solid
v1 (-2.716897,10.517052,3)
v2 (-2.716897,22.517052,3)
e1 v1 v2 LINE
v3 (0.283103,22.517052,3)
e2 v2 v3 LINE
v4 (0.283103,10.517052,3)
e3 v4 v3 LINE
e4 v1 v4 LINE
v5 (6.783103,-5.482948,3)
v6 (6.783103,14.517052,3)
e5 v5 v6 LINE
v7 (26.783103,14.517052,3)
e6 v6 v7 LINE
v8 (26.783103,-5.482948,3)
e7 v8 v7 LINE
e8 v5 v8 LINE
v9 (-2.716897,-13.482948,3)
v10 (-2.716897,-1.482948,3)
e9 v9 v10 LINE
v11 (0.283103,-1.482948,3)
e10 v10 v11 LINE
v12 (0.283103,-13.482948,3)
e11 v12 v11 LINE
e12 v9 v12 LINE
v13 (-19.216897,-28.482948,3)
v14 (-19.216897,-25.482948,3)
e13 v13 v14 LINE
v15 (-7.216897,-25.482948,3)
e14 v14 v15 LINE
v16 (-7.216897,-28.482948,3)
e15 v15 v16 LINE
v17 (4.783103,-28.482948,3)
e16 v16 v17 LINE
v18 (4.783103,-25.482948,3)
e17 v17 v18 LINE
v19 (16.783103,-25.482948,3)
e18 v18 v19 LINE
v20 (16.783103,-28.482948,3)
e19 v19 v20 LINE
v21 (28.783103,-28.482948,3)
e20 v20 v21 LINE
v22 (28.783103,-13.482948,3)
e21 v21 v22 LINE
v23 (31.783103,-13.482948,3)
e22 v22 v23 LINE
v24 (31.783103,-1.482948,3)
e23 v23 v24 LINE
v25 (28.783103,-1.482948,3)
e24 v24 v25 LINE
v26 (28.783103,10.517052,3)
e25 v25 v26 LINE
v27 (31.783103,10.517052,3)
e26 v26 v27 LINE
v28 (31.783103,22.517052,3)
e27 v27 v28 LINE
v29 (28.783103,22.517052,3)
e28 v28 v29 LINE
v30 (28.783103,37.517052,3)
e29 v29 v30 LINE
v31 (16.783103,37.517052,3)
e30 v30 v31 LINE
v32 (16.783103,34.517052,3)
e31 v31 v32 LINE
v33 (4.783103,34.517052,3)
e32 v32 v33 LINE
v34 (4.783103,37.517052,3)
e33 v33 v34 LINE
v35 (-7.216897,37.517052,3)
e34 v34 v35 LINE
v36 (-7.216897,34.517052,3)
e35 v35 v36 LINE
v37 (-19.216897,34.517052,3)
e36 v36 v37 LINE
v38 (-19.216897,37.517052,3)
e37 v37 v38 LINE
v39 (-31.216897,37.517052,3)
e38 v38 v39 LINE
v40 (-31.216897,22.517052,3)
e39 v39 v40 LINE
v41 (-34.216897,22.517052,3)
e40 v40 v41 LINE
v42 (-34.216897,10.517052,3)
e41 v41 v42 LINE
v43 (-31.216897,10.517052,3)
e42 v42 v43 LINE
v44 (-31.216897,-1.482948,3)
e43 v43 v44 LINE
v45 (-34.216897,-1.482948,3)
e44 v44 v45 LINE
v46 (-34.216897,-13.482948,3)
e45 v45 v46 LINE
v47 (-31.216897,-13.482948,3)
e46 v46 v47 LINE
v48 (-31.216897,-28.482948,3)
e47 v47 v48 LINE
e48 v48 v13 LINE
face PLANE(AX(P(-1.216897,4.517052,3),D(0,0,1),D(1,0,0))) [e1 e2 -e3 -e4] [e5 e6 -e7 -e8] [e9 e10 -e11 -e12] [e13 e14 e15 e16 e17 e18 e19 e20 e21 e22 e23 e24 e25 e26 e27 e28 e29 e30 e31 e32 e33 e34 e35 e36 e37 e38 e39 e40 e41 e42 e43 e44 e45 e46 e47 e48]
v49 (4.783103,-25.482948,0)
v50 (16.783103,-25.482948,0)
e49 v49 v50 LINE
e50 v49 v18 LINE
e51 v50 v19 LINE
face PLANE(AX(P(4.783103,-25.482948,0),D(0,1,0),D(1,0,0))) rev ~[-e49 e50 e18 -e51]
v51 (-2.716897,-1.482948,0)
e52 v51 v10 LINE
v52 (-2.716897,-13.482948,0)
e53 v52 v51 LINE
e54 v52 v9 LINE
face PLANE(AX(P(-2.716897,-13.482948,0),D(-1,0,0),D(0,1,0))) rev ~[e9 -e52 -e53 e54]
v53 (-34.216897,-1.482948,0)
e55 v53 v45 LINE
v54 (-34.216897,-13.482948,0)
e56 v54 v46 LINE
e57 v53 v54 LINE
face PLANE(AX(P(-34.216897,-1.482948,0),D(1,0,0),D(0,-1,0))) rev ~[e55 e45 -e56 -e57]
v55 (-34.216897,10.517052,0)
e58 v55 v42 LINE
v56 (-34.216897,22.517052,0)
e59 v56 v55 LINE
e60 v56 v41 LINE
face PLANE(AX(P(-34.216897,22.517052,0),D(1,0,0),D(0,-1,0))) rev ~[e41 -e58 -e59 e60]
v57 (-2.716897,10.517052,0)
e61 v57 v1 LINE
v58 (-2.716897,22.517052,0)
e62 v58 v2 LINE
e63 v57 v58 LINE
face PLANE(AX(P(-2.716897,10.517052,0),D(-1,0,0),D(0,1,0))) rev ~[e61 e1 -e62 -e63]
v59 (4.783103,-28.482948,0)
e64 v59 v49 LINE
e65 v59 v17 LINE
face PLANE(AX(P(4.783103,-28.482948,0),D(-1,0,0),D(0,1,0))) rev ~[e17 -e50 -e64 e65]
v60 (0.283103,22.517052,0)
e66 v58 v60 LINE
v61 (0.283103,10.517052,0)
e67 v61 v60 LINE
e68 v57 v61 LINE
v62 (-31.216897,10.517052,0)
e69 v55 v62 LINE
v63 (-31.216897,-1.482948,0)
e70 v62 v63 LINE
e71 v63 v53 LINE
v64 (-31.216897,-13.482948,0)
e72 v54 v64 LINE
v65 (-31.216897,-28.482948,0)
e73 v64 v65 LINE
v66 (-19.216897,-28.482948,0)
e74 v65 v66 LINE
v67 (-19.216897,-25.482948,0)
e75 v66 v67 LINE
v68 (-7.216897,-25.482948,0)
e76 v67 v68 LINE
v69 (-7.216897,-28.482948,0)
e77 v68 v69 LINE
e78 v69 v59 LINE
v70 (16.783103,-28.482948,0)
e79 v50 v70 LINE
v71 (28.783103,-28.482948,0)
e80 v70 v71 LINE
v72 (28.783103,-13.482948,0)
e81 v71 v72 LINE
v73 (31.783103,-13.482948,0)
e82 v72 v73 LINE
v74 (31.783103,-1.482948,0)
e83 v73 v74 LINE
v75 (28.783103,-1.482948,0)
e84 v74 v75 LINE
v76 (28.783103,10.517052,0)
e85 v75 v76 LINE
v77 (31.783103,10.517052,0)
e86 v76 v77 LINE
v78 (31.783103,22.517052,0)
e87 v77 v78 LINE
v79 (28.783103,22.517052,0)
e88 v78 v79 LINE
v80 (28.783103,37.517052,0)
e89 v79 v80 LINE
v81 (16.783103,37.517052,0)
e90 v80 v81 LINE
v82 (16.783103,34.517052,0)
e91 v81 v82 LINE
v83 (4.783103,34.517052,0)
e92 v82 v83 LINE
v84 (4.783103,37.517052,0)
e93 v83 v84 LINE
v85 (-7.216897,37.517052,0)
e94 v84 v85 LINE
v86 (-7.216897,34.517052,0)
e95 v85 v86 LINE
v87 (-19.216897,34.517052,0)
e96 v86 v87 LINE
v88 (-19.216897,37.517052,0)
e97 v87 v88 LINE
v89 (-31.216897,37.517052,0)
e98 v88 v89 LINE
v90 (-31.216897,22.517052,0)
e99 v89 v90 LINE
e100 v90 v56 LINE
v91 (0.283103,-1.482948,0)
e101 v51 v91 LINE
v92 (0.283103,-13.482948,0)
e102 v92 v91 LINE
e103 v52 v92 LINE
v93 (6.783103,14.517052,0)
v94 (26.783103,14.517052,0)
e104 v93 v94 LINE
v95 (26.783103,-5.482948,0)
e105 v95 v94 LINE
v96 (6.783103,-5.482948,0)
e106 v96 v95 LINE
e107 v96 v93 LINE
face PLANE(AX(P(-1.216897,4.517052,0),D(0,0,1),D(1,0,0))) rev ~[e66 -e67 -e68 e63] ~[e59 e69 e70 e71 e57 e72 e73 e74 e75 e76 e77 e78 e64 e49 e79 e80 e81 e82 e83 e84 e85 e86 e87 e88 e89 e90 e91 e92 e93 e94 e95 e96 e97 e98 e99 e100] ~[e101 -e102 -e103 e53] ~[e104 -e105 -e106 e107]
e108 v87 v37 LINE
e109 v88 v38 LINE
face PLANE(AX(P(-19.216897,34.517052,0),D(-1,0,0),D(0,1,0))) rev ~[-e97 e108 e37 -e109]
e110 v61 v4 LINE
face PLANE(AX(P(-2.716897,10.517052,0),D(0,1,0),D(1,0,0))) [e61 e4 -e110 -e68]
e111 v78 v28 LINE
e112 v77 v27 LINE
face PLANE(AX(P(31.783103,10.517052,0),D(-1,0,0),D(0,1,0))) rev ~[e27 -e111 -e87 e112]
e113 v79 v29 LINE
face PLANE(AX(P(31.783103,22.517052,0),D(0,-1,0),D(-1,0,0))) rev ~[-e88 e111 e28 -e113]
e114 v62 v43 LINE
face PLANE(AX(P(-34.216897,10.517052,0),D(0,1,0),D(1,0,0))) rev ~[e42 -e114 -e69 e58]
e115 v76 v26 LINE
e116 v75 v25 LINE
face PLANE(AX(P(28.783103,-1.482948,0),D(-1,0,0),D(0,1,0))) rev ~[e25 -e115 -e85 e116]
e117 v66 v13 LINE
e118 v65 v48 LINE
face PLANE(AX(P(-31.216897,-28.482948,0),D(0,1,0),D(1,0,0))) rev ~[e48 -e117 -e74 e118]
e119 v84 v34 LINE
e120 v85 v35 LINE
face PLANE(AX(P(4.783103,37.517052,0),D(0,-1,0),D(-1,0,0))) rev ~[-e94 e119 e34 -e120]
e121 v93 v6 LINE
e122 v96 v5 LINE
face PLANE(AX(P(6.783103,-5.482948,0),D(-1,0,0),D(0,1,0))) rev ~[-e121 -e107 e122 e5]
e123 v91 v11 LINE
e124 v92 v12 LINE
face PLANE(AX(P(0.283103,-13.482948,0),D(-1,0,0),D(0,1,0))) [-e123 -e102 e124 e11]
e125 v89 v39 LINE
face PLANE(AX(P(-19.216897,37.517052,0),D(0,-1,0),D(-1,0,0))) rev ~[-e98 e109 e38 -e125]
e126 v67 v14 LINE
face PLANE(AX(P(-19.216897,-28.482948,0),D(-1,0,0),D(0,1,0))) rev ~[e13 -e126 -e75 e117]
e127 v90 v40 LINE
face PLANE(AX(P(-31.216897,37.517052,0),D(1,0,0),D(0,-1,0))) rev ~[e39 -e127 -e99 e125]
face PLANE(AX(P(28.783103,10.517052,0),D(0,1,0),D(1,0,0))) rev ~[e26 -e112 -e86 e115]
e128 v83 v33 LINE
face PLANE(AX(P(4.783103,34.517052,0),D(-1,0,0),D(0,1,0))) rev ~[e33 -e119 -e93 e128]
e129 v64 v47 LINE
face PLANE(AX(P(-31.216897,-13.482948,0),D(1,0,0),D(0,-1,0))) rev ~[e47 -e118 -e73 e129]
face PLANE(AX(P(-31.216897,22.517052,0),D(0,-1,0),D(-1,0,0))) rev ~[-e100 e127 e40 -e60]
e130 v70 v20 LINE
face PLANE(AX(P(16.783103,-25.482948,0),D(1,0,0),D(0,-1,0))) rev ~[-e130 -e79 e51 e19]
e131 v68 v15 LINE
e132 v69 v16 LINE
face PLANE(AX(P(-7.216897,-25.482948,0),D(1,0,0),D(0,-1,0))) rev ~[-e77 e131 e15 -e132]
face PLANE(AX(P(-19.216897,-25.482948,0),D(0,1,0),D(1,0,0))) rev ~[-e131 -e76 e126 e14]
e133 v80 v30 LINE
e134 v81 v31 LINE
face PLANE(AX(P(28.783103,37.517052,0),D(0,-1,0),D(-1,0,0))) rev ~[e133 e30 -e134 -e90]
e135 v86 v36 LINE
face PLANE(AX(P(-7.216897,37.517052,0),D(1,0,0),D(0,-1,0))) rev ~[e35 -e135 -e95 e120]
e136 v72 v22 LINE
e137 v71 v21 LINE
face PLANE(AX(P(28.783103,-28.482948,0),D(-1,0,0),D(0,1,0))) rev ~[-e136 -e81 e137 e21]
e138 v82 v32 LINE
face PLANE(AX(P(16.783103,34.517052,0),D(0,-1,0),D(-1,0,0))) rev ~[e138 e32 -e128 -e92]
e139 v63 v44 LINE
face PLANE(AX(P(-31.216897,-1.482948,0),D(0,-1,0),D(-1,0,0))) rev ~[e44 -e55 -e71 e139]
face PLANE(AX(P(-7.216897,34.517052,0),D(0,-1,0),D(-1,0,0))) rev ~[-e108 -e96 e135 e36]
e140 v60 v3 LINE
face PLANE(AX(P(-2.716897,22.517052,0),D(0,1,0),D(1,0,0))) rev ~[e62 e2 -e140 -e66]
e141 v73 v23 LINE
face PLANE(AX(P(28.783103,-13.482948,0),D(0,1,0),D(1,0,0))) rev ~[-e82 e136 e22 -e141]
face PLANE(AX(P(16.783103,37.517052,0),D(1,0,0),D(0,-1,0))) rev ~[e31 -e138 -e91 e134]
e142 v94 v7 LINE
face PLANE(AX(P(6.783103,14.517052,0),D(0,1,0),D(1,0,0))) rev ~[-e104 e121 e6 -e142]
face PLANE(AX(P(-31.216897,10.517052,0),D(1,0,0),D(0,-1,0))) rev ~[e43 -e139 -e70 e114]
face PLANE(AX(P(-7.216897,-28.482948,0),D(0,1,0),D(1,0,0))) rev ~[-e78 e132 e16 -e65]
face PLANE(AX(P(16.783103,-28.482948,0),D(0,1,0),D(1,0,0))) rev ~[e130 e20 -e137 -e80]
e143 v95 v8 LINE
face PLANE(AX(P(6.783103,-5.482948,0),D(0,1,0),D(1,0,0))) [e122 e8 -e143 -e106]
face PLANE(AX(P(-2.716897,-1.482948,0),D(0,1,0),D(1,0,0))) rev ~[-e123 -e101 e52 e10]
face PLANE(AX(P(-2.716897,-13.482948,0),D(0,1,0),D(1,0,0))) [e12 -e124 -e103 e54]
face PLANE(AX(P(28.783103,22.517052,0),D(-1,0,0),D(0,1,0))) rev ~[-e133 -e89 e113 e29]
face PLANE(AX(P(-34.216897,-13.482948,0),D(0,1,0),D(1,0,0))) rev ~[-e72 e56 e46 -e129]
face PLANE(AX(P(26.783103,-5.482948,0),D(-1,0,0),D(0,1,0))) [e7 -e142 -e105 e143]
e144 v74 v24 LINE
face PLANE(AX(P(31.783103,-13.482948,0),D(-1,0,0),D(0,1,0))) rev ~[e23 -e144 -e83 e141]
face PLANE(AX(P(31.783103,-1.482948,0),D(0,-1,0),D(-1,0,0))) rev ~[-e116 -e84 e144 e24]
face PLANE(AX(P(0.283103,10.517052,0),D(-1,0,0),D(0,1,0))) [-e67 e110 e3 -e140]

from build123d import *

# Parameters (mm, degrees)
ESBO_O1_W                = 3
ESBO_O1_H                = 12
ESBO_O1_W_2              = 20
ESBO_O1_H_2              = 20
RESSALTO_EXTRUS_O1_DEPTH = 3


with BuildPart() as part:
    # Esboço1 → Ressalto-extrusão1 (new body)
    with BuildSketch(Plane.XY):
        Polygon((-31.216896784, 10.517052385), (-31.216896784, -1.482947615), (-34.216896784, -1.482947615), (-34.216896784, -13.482947615), (-31.216896784, -13.482947615), (-31.216896784, -25.482947615), (-31.216896784, -28.482947615), (-19.216896784, -28.482947615), (-19.216896784, -25.482947615), (-7.216896784, -25.482947615), (-7.216896784, -28.482947615), (4.783103216, -28.482947615), (4.783103216, -25.482947615), (16.783103216, -25.482947615), (16.783103216, -28.482947615), (28.783103216, -28.482947615), (28.783103216, -25.482947615), (28.783103216, -13.482947615), (31.783103216, -13.482947615), (31.783103216, -1.482947615), (28.783103216, -1.482947615), (28.783103216, 10.517052385), (31.783103216, 10.517052385), (31.783103216, 22.517052385), (28.783103216, 22.517052385), (28.783103216, 34.517052385), (28.783103216, 37.517052385), (16.783103216, 37.517052385), (16.783103216, 34.517052385), (4.783103216, 34.517052385), (4.783103216, 37.517052385), (-7.216896784, 37.517052385), (-7.216896784, 34.517052385), (-19.216896784, 34.517052385), (-19.216896784, 37.517052385), (-31.216896784, 37.517052385), (-31.216896784, 34.517052385), (-31.216896784, 22.517052385), (-34.216896784, 22.517052385), (-34.216896784, 10.517052385), align=None)
        with Locations((-1.216896784, 16.517052385)):
            Rectangle(ESBO_O1_W, ESBO_O1_H, mode=Mode.SUBTRACT)
        with Locations((-1.216896784, -7.482947615)):
            Rectangle(ESBO_O1_W, ESBO_O1_H, mode=Mode.SUBTRACT)
        with Locations((16.783103216, 4.517052385)):
            Rectangle(ESBO_O1_W_2, ESBO_O1_H_2, mode=Mode.SUBTRACT)
    extrude(amount=RESSALTO_EXTRUS_O1_DEPTH)


solid = part.part
